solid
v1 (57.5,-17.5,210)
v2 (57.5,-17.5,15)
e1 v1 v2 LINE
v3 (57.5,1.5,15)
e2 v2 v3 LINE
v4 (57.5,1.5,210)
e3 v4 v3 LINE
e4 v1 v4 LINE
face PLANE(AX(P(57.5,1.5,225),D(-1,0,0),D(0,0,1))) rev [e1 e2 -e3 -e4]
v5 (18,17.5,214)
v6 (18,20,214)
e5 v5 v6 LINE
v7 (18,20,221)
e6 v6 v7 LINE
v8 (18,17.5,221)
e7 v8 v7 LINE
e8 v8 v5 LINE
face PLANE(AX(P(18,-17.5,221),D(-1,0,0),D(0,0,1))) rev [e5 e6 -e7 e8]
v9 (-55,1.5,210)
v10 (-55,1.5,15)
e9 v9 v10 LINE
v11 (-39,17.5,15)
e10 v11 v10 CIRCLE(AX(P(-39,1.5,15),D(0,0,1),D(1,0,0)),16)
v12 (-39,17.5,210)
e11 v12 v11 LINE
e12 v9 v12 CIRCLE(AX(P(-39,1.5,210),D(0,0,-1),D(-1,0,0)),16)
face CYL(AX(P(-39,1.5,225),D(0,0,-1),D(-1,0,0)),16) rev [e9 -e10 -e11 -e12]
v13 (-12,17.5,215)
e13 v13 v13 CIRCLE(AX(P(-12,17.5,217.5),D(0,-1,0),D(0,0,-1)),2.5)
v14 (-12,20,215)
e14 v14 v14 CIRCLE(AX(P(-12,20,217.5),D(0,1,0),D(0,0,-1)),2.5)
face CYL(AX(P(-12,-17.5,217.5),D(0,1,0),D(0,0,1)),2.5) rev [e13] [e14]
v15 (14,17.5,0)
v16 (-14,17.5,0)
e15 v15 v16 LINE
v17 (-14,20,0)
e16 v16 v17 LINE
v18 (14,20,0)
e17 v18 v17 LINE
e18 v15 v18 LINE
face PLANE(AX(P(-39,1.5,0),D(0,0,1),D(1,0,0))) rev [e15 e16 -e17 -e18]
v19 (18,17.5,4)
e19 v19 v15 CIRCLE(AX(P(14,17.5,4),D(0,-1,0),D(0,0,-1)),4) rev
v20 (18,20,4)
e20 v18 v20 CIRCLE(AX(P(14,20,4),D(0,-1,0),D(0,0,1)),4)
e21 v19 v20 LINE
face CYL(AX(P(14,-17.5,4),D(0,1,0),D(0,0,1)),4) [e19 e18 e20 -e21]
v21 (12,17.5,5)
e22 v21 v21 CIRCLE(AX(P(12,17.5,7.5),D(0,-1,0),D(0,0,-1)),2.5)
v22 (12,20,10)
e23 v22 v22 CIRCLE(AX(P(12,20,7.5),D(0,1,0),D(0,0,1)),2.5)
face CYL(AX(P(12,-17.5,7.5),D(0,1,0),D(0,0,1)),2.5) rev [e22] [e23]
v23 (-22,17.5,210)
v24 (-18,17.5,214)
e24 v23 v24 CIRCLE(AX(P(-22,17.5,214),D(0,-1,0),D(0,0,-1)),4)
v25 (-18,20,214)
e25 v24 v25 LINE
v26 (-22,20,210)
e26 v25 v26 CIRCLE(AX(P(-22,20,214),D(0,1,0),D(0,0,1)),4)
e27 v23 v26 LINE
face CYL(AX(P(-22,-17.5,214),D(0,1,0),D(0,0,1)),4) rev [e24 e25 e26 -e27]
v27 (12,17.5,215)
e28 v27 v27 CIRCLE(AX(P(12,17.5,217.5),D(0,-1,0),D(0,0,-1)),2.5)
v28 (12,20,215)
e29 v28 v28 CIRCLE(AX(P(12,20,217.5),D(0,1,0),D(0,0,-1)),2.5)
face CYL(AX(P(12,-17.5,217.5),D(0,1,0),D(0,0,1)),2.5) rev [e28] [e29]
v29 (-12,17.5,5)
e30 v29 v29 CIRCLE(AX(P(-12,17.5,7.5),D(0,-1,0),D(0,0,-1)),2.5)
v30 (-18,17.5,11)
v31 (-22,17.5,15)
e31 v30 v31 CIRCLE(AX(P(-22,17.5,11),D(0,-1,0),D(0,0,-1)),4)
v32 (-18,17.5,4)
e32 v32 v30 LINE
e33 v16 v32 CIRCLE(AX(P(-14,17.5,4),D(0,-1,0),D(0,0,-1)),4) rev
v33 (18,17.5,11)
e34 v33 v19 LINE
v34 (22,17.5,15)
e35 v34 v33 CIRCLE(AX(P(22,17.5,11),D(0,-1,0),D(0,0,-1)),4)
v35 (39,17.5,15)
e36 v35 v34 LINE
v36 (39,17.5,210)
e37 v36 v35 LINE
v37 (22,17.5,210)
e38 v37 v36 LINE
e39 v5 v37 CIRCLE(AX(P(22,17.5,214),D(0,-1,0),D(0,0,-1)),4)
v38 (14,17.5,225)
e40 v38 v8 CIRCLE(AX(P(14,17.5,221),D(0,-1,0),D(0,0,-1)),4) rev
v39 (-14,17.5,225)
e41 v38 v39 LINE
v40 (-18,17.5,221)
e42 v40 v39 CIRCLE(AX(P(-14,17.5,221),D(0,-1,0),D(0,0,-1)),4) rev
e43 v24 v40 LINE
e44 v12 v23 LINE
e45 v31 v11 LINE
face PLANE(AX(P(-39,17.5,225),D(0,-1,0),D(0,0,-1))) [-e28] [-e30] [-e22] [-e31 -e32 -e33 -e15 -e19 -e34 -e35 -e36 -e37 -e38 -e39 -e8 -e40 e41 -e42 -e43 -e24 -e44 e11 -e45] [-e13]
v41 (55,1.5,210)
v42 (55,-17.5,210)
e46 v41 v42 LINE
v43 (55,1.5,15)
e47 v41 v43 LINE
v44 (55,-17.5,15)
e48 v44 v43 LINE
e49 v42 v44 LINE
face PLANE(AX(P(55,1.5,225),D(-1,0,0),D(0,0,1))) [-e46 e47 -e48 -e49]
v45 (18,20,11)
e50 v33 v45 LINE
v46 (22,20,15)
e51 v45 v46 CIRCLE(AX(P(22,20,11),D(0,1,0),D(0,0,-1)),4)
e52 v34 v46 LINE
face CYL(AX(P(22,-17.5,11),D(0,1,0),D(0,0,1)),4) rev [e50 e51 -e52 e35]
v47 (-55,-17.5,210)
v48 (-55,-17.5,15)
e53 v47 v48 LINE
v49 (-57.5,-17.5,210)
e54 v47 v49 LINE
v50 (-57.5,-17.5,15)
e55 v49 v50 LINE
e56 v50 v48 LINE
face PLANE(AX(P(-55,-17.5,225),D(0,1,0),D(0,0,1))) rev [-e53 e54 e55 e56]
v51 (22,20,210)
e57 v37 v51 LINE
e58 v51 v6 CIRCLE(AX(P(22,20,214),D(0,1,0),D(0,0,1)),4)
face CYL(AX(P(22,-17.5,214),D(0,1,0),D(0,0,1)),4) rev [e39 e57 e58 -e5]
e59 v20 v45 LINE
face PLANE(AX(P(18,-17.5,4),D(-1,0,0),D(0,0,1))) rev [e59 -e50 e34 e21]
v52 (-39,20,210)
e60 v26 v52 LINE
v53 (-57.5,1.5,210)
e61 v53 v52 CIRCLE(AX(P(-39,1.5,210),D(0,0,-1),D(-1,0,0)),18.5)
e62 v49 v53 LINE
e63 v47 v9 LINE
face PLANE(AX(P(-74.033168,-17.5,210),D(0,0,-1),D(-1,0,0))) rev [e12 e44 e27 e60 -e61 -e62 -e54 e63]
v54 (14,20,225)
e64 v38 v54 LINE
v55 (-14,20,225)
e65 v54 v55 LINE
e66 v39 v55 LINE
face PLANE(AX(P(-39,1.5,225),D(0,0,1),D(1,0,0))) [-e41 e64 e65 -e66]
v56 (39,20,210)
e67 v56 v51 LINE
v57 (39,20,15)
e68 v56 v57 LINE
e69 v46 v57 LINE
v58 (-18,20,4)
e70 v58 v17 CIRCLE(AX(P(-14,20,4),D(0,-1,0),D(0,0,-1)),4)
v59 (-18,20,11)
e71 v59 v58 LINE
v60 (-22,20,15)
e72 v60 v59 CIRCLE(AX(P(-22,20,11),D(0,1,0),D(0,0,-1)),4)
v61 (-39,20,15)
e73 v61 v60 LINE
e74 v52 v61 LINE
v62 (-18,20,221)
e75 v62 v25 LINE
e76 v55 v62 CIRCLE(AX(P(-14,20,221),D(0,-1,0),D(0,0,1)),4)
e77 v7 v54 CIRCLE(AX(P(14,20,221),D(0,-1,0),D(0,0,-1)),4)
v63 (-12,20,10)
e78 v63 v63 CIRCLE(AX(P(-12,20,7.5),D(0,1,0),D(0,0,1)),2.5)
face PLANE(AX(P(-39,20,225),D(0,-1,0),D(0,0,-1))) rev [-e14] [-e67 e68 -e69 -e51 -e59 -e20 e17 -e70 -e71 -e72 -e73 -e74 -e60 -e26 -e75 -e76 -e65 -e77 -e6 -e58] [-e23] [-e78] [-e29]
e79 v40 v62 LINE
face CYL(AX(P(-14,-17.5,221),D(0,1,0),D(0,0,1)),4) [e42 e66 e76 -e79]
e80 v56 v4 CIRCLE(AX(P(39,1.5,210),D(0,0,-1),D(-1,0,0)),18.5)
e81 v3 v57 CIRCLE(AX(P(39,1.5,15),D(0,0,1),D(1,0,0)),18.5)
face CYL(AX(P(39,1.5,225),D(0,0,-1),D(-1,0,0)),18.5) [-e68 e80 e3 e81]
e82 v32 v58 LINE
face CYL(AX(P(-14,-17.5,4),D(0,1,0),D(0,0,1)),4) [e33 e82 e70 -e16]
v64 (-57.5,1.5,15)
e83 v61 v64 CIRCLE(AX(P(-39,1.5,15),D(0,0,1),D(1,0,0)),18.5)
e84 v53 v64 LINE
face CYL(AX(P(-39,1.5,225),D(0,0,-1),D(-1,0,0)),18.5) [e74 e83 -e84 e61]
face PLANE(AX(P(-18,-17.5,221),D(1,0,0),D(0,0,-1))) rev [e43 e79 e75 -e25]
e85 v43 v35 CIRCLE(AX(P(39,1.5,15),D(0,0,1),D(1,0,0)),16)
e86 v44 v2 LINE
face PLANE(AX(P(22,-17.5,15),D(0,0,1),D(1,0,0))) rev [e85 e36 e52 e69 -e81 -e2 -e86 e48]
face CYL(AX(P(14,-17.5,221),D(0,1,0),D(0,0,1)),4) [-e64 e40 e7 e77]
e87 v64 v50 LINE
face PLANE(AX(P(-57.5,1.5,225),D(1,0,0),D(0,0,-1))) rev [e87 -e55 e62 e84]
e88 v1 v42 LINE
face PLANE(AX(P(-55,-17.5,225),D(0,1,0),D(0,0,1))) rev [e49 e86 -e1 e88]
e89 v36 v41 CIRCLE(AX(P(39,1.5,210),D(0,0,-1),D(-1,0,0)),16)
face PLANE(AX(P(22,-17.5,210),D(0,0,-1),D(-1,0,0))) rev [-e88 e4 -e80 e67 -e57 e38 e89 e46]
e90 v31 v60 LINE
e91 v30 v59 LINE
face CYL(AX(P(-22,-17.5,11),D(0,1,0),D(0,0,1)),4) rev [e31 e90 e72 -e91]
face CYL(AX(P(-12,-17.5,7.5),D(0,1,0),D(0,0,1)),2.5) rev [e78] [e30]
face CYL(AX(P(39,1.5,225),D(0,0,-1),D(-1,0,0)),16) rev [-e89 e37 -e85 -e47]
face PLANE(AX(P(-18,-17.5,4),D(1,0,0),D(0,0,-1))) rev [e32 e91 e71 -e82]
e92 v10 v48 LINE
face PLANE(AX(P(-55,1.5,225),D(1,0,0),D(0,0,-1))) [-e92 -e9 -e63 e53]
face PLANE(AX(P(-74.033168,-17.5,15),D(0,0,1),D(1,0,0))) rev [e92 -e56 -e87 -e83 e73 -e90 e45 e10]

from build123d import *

# Parameters (mm, degrees)
EXTRUDE_1_DEPTH     = 225
SHELL_2_T           = 2.5
SKETCH_2_R          = 2.5
CUT_EXTRUDE_1_DEPTH = 236.239239924


with BuildPart() as part:
    # 草图1 → 凸台-拉伸1 (new body)
    with BuildSketch(Plane.XY):
        with BuildLine():
            Line((-39, 17.5), (39, 17.5))
            ThreePointArc((39, 17.5), (50.313708499, 12.813708499), (55, 1.5))
            Line((55, 1.5), (55, -17.5))
            Line((55, -17.5), (-55, -17.5))
            Line((-55, -17.5), (-55, 1.5))
            ThreePointArc((-55, 1.5), (-50.313708499, 12.813708499), (-39, 17.5))
        make_face()
    extrude(amount=EXTRUDE_1_DEPTH)

    # 抽壳2
    shell_2_openings = [part.faces().sort_by_distance(p)[0] for p in [
        (0, -17.5, 112.5),
        (0, -0.40911681, 0),
        (0, -0.40911681, 225),
    ]]
    offset(amount=SHELL_2_T, openings=shell_2_openings, kind=Kind.INTERSECTION)

    # 草图2 → 切除-拉伸1 (cut, through all)
    with BuildSketch(Plane(origin=(0, 20, 0), x_dir=(1, 0, 0), z_dir=(0, 1, 0))):
        with Locations(Location((-12, -7.5, 0), (0, 0, 270))):
            Circle(SKETCH_2_R)
        with Locations(Location((12, -7.5, 0), (0, 0, 270))):
            Circle(SKETCH_2_R)
        with Locations(Location((-12, -217.5, 0), (0, 0, 90))):
            Circle(SKETCH_2_R)
        with Locations(Location((12, -217.5, 0), (0, 0, 90))):
            Circle(SKETCH_2_R)
        with BuildLine():
            Line((-14, 0), (-74.033168475, 0))
            Line((-74.033168475, 0), (-74.033168475, -15))
            Line((-74.033168475, -15), (-57.5, -15))
            Line((-57.5, -15), (-22, -15))
            ThreePointArc((-22, -15), (-19.171572875, -13.828427125), (-18, -11))
            Line((-18, -11), (-18, -4))
            ThreePointArc((-18, -4), (-16.828427125, -1.171572875), (-14, 0))
        make_face()
        with BuildLine():
            Line((57.5, -15), (57.5, 0))
            Line((57.5, 0), (14, 0))
            ThreePointArc((14, 0), (16.828427125, -1.171572875), (18, -4))
            Line((18, -4), (18, -11))
            ThreePointArc((18, -11), (19.171572875, -13.828427125), (22, -15))
            Line((22, -15), (57.5, -15))
        make_face()
        with BuildLine():
            Line((18, -221), (18, -214))
            ThreePointArc((18, -214), (19.171572875, -211.171572875), (22, -210))
            Line((22, -210), (57.5, -210))
            Line((57.5, -210), (57.5, -225))
            Line((57.5, -225), (14, -225))
            ThreePointArc((14, -225), (16.828427125, -223.828427125), (18, -221))
        make_face()
        with BuildLine():
            Line((-18, -221), (-18, -214))
            ThreePointArc((-18, -214), (-19.171572875, -211.171572875), (-22, -210))
            Line((-22, -210), (-57.5, -210))
            Line((-57.5, -210), (-74.033168475, -210))
            Line((-74.033168475, -210), (-74.033168475, -225))
            Line((-74.033168475, -225), (-14, -225))
            ThreePointArc((-14, -225), (-16.828427125, -223.828427125), (-18, -221))
        make_face()
    extrude(amount=-CUT_EXTRUDE_1_DEPTH, mode=Mode.SUBTRACT)


solid = part.part
